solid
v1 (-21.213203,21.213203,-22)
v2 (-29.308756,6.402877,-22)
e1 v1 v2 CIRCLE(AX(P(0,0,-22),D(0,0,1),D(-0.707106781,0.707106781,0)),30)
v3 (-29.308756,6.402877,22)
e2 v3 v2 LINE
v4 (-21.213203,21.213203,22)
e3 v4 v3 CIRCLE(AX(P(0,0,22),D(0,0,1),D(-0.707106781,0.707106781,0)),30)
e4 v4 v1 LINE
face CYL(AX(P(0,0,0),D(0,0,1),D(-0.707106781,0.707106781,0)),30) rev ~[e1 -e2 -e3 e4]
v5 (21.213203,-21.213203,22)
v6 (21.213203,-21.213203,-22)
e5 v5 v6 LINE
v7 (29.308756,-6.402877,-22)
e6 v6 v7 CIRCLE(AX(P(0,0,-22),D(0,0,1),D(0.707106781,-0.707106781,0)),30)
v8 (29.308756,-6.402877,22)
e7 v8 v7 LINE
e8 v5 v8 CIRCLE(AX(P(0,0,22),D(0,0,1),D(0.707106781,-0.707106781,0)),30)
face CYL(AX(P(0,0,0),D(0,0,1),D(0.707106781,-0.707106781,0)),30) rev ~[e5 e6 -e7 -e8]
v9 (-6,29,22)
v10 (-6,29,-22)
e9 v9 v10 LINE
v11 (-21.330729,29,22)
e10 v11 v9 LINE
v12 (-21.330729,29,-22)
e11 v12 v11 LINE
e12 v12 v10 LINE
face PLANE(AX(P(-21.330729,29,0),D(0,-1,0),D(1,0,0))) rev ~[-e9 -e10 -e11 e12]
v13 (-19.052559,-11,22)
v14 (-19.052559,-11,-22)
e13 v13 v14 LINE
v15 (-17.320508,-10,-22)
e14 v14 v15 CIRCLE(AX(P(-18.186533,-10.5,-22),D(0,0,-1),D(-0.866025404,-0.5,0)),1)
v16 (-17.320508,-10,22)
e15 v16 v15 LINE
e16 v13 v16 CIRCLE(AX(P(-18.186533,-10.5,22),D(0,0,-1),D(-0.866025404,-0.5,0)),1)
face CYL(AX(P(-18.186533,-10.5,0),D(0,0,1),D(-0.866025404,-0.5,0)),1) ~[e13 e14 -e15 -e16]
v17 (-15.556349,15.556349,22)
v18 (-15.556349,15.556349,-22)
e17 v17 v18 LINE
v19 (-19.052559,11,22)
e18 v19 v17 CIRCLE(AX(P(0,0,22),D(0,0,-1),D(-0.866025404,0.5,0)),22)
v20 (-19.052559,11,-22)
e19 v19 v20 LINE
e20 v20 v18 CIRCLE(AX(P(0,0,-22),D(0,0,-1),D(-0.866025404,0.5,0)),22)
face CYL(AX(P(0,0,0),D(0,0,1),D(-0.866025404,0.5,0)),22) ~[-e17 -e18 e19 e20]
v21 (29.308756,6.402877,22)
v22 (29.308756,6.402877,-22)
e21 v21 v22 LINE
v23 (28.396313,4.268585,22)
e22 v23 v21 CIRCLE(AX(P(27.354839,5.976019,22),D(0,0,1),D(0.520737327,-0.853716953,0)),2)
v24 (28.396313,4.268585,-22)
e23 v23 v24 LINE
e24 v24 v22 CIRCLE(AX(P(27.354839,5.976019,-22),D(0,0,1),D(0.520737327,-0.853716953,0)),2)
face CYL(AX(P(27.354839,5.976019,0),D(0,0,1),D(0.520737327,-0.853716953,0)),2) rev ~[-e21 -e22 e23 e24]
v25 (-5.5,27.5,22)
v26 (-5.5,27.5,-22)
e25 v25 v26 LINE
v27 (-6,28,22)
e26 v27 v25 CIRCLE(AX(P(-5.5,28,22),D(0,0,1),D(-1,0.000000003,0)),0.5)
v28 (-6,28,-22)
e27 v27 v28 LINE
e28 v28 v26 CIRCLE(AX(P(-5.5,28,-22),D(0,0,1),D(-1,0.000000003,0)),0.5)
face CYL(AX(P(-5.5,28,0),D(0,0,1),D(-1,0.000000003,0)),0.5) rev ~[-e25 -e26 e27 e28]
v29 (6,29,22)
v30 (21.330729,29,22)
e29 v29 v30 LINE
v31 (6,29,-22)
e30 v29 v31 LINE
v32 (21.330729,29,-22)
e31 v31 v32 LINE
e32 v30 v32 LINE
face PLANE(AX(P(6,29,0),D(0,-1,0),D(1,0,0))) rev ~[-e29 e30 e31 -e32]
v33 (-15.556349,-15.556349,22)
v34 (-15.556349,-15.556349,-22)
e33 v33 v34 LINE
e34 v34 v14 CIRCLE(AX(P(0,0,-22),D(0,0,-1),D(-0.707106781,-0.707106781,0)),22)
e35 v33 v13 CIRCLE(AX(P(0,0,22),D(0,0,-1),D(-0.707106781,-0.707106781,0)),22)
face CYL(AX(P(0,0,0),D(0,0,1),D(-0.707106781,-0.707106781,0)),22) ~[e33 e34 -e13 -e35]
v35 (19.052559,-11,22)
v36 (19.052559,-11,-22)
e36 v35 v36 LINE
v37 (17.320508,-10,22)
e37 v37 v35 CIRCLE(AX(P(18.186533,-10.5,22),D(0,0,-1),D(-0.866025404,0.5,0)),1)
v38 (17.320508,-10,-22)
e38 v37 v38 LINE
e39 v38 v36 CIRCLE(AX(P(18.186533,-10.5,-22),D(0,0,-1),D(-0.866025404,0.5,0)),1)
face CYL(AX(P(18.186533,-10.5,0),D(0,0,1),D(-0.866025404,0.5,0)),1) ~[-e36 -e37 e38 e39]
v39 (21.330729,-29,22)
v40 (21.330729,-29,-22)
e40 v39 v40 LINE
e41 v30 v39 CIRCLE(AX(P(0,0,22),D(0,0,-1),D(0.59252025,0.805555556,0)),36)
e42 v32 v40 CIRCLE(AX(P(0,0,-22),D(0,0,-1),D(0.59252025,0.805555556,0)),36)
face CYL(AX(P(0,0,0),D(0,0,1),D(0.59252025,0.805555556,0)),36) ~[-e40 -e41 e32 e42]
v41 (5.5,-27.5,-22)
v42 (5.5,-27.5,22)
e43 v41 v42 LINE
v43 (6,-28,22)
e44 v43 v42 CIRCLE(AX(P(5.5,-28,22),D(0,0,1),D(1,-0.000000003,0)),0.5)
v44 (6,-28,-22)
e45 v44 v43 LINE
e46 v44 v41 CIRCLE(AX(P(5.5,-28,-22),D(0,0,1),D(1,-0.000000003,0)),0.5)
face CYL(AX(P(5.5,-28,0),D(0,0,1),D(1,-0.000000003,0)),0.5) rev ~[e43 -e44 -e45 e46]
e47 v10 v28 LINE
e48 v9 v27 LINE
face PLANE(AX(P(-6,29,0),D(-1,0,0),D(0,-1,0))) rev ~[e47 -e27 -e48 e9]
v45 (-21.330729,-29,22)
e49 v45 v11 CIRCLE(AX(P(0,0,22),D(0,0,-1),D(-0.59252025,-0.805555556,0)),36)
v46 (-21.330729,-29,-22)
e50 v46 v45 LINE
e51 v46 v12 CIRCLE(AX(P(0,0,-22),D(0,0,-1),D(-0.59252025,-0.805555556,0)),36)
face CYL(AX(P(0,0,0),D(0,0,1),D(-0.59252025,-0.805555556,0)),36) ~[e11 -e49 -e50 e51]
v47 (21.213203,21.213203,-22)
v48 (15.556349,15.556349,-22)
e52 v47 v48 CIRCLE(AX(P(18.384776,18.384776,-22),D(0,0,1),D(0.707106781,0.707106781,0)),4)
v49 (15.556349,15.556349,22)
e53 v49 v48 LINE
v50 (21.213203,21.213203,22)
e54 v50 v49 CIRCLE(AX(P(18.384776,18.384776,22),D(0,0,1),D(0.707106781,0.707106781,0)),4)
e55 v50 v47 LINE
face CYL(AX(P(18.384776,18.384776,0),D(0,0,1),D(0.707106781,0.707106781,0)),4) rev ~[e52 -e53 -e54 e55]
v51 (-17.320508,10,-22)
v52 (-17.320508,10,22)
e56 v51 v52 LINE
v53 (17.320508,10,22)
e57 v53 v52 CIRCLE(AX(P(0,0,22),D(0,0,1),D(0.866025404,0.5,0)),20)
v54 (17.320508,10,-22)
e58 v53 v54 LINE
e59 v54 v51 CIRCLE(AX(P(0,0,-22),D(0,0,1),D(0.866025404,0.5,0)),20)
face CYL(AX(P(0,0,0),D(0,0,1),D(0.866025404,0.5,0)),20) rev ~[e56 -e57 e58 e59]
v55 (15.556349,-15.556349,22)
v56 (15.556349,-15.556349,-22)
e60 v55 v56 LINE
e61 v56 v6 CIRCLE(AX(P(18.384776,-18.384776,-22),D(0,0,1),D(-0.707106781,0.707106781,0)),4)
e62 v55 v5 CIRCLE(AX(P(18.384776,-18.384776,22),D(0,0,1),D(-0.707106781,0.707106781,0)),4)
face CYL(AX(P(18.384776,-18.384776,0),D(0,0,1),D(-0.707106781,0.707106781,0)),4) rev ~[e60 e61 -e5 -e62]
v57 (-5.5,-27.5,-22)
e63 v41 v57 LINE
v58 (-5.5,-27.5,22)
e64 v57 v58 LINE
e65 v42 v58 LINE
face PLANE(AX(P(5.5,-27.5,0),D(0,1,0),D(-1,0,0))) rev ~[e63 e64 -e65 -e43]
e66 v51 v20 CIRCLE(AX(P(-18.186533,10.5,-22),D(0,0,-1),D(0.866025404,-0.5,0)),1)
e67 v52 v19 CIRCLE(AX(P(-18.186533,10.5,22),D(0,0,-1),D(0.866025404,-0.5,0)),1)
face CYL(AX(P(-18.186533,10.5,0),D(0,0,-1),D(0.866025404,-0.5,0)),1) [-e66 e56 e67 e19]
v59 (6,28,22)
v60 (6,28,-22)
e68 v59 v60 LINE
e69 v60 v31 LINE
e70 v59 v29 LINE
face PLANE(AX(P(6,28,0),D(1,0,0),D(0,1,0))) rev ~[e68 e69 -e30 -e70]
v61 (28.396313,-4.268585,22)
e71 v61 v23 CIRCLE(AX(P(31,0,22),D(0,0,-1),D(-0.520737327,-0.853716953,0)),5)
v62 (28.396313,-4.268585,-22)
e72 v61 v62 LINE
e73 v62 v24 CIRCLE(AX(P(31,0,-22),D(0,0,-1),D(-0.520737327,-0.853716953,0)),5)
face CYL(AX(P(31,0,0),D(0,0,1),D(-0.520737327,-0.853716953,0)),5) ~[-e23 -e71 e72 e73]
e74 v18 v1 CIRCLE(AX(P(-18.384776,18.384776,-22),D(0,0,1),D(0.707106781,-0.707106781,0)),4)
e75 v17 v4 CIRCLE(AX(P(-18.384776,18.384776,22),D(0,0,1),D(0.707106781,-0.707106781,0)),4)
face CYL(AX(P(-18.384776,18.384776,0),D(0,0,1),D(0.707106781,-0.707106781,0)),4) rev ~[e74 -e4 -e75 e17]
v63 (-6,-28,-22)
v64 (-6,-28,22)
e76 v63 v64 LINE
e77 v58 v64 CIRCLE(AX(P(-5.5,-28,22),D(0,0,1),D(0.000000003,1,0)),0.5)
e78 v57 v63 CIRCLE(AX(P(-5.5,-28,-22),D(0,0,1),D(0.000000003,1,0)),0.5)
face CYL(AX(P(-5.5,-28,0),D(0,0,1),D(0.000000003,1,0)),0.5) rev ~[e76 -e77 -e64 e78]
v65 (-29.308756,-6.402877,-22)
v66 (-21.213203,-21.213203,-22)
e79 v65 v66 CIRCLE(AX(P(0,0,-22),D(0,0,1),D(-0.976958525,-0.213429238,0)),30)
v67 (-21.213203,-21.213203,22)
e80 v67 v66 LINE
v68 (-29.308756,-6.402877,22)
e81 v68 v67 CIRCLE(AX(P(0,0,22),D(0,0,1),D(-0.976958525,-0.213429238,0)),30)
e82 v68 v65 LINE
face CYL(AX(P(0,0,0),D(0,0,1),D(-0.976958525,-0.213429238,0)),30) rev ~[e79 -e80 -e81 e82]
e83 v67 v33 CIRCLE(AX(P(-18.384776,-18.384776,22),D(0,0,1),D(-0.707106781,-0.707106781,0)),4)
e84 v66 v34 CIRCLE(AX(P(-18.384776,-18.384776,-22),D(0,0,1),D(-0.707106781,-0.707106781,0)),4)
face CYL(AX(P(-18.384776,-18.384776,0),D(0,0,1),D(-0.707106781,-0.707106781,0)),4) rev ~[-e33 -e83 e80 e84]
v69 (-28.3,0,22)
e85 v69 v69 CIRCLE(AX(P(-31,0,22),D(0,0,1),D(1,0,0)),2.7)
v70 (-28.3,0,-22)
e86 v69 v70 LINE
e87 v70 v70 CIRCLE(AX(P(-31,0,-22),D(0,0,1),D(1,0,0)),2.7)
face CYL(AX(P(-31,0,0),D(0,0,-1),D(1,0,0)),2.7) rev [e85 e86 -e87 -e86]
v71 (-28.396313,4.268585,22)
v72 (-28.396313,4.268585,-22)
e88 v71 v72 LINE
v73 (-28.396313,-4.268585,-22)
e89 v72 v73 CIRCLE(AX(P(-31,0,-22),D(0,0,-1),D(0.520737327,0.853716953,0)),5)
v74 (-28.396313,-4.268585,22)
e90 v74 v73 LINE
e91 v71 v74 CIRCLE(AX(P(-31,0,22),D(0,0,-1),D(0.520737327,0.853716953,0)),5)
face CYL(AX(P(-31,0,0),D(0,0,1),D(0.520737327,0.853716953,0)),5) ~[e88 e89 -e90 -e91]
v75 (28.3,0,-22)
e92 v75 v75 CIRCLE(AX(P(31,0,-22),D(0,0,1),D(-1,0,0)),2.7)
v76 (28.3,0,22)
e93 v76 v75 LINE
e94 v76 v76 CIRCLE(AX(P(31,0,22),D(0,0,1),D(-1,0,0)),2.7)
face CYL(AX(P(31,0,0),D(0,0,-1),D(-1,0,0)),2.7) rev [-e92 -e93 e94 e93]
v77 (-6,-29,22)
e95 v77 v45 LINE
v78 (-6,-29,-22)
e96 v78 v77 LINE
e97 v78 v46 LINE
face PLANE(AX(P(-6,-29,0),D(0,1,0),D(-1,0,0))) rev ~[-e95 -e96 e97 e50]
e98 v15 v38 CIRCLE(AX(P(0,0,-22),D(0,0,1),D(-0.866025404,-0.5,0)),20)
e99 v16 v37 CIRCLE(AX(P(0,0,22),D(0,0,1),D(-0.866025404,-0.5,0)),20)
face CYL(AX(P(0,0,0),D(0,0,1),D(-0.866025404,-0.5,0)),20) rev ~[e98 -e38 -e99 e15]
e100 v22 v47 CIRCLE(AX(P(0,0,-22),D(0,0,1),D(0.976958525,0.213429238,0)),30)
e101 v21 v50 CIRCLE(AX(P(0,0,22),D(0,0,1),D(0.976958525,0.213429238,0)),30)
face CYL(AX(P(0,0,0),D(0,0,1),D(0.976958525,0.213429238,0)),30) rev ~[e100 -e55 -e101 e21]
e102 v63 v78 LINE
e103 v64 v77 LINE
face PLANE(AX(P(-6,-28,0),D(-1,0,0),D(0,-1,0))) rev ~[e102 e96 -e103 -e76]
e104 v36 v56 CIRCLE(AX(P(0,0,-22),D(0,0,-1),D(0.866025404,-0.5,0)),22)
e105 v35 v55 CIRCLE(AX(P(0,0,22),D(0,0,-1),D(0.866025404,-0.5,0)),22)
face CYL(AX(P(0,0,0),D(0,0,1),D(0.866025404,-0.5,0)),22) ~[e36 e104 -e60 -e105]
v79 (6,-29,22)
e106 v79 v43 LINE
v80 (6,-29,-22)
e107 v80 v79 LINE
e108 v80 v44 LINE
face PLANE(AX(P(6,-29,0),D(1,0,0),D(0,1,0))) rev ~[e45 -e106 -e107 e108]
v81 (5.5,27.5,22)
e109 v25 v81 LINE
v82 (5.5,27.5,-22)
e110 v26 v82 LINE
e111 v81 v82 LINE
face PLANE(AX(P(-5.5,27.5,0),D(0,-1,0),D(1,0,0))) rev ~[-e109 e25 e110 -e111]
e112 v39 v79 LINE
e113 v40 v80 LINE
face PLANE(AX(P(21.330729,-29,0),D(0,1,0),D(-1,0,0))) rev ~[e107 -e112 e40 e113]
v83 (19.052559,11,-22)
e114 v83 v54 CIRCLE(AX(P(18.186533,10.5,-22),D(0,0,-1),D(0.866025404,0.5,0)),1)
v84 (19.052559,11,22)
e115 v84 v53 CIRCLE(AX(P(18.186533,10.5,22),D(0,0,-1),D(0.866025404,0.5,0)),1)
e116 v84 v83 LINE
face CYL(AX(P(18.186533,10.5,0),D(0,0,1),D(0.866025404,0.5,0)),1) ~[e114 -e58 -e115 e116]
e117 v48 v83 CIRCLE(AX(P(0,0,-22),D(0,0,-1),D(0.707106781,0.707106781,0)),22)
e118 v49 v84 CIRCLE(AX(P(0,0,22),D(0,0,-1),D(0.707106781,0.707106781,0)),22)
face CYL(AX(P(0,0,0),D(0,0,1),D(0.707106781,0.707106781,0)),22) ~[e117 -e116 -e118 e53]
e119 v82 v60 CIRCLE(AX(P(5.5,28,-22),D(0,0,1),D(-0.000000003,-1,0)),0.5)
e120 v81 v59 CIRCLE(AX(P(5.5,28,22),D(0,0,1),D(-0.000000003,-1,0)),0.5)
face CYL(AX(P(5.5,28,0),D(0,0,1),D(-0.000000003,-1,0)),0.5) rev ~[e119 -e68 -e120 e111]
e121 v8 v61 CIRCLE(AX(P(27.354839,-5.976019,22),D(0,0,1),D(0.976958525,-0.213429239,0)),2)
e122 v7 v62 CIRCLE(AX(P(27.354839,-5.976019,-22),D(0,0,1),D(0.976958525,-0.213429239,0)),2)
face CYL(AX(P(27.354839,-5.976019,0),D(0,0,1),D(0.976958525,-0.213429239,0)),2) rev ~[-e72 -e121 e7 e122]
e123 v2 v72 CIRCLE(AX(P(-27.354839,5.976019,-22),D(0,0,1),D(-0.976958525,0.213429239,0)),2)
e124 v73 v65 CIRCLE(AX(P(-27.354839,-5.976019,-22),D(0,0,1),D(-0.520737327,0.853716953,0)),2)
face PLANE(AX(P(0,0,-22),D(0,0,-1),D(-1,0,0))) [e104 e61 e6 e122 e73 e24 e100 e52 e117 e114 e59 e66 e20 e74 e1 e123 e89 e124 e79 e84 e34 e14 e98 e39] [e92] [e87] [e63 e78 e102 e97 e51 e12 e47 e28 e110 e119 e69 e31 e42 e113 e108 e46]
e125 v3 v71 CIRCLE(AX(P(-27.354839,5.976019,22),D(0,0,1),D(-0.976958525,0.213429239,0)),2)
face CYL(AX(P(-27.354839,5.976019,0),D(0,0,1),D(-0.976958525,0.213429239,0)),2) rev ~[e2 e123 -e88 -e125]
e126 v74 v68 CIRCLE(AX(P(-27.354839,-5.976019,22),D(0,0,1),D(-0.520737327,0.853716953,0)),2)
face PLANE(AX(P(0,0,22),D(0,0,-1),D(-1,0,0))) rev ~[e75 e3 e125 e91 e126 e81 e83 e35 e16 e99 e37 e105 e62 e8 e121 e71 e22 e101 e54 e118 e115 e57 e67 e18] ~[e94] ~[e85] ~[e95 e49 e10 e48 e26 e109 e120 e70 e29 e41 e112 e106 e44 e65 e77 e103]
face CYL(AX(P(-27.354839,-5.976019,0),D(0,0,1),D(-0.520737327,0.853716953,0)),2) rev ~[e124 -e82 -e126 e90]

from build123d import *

# Parameters (mm, degrees)
ESQUISSE1_R      = 2.7
EXTRUSION1_DEPTH = 22


with BuildPart() as part:
    # Esquisse1 → Extrusion1 (new, symmetric)
    with BuildSketch(Plane.XY):
        with BuildLine():
            Line((-21.330729008, 29), (-6, 29))
            Line((-6, 29), (-6, 28))
            ThreePointArc((-6, 28), (-5.853553391, 27.646446609), (-5.5, 27.5))
            Line((-5.5, 27.5), (5.5, 27.5))
            ThreePointArc((5.5, 27.5), (5.853553391, 27.646446609), (6, 28))
            Line((6, 28), (6, 29))
            Line((6, 29), (21.330729008, 29))
            ThreePointArc((21.330729008, 29), (36, 0), (21.330729008, -29))
            Line((21.330729008, -29), (6, -29))
            Line((6, -29), (6, -28))
            ThreePointArc((6, -28), (5.853553391, -27.646446609), (5.5, -27.5))
            Line((5.5, -27.5), (-5.5, -27.5))
            ThreePointArc((-5.5, -27.5), (-5.853553391, -27.646446609), (-6, -28))
            Line((-6, -28), (-6, -29))
            Line((-6, -29), (-21.330729008, -29))
            ThreePointArc((-21.330729008, -29), (-36, 0), (-21.330729008, 29))
        make_face()
        with Locations((-31, 0)):
            Circle(ESQUISSE1_R, mode=Mode.SUBTRACT)
        with Locations((31, 0)):
            Circle(ESQUISSE1_R, mode=Mode.SUBTRACT)
        with BuildLine():
            ThreePointArc((-17.320508076, 10), (-18.686533479, 9.633974596), (-19.052558883, 11))
            ThreePointArc((-19.052558883, 11), (-17.453773486, 13.392751438), (-15.556349186, 15.556349186))
            ThreePointArc((-15.556349186, 15.556349186), (-15.556349186, 21.213203436), (-21.213203436, 21.213203436))
            ThreePointArc((-21.213203436, 21.213203436), (-26.32401055, 14.389109374), (-29.30875576, 6.402877149))
            ThreePointArc((-29.30875576, 6.402877149), (-29.193831331, 5.189821407), (-28.396313364, 4.268584766))
            ThreePointArc((-28.396313364, 4.268584766), (-26, 0), (-28.396313364, -4.268584766))
            ThreePointArc((-28.396313364, -4.268584766), (-29.193831331, -5.189821407), (-29.30875576, -6.402877149))
            ThreePointArc((-29.30875576, -6.402877149), (-26.32401055, -14.389109374), (-21.213203436, -21.213203436))
            ThreePointArc((-21.213203436, -21.213203436), (-15.556349186, -21.213203436), (-15.556349186, -15.556349186))
            ThreePointArc((-15.556349186, -15.556349186), (-17.453773486, -13.392751438), (-19.052558883, -11))
            ThreePointArc((-19.052558883, -11), (-18.686533479, -9.633974596), (-17.320508076, -10))
            ThreePointArc((-17.320508076, -10), (0, -20), (17.320508076, -10))
            ThreePointArc((17.320508076, -10), (18.686533479, -9.633974596), (19.052558883, -11))
            ThreePointArc((19.052558883, -11), (17.453773486, -13.392751438), (15.556349186, -15.556349186))
            ThreePointArc((15.556349186, -15.556349186), (15.556349186, -21.213203436), (21.213203436, -21.213203436))
            ThreePointArc((21.213203436, -21.213203436), (26.32401055, -14.389109374), (29.30875576, -6.402877149))
            ThreePointArc((29.30875576, -6.402877149), (29.193831331, -5.189821407), (28.396313364, -4.268584766))
            ThreePointArc((28.396313364, -4.268584766), (26, 0), (28.396313364, 4.268584766))
            ThreePointArc((28.396313364, 4.268584766), (29.193831331, 5.189821407), (29.30875576, 6.402877149))
            ThreePointArc((29.30875576, 6.402877149), (26.32401055, 14.389109374), (21.213203436, 21.213203436))
            ThreePointArc((21.213203436, 21.213203436), (15.556349186, 21.213203436), (15.556349186, 15.556349186))
            ThreePointArc((15.556349186, 15.556349186), (17.453773486, 13.392751438), (19.052558883, 11))
            ThreePointArc((19.052558883, 11), (18.686533479, 9.633974596), (17.320508076, 10))
            ThreePointArc((17.320508076, 10), (0, 20), (-17.320508076, 10))
        make_face(mode=Mode.SUBTRACT)
    extrude(amount=EXTRUSION1_DEPTH, both=True)


solid = part.part
